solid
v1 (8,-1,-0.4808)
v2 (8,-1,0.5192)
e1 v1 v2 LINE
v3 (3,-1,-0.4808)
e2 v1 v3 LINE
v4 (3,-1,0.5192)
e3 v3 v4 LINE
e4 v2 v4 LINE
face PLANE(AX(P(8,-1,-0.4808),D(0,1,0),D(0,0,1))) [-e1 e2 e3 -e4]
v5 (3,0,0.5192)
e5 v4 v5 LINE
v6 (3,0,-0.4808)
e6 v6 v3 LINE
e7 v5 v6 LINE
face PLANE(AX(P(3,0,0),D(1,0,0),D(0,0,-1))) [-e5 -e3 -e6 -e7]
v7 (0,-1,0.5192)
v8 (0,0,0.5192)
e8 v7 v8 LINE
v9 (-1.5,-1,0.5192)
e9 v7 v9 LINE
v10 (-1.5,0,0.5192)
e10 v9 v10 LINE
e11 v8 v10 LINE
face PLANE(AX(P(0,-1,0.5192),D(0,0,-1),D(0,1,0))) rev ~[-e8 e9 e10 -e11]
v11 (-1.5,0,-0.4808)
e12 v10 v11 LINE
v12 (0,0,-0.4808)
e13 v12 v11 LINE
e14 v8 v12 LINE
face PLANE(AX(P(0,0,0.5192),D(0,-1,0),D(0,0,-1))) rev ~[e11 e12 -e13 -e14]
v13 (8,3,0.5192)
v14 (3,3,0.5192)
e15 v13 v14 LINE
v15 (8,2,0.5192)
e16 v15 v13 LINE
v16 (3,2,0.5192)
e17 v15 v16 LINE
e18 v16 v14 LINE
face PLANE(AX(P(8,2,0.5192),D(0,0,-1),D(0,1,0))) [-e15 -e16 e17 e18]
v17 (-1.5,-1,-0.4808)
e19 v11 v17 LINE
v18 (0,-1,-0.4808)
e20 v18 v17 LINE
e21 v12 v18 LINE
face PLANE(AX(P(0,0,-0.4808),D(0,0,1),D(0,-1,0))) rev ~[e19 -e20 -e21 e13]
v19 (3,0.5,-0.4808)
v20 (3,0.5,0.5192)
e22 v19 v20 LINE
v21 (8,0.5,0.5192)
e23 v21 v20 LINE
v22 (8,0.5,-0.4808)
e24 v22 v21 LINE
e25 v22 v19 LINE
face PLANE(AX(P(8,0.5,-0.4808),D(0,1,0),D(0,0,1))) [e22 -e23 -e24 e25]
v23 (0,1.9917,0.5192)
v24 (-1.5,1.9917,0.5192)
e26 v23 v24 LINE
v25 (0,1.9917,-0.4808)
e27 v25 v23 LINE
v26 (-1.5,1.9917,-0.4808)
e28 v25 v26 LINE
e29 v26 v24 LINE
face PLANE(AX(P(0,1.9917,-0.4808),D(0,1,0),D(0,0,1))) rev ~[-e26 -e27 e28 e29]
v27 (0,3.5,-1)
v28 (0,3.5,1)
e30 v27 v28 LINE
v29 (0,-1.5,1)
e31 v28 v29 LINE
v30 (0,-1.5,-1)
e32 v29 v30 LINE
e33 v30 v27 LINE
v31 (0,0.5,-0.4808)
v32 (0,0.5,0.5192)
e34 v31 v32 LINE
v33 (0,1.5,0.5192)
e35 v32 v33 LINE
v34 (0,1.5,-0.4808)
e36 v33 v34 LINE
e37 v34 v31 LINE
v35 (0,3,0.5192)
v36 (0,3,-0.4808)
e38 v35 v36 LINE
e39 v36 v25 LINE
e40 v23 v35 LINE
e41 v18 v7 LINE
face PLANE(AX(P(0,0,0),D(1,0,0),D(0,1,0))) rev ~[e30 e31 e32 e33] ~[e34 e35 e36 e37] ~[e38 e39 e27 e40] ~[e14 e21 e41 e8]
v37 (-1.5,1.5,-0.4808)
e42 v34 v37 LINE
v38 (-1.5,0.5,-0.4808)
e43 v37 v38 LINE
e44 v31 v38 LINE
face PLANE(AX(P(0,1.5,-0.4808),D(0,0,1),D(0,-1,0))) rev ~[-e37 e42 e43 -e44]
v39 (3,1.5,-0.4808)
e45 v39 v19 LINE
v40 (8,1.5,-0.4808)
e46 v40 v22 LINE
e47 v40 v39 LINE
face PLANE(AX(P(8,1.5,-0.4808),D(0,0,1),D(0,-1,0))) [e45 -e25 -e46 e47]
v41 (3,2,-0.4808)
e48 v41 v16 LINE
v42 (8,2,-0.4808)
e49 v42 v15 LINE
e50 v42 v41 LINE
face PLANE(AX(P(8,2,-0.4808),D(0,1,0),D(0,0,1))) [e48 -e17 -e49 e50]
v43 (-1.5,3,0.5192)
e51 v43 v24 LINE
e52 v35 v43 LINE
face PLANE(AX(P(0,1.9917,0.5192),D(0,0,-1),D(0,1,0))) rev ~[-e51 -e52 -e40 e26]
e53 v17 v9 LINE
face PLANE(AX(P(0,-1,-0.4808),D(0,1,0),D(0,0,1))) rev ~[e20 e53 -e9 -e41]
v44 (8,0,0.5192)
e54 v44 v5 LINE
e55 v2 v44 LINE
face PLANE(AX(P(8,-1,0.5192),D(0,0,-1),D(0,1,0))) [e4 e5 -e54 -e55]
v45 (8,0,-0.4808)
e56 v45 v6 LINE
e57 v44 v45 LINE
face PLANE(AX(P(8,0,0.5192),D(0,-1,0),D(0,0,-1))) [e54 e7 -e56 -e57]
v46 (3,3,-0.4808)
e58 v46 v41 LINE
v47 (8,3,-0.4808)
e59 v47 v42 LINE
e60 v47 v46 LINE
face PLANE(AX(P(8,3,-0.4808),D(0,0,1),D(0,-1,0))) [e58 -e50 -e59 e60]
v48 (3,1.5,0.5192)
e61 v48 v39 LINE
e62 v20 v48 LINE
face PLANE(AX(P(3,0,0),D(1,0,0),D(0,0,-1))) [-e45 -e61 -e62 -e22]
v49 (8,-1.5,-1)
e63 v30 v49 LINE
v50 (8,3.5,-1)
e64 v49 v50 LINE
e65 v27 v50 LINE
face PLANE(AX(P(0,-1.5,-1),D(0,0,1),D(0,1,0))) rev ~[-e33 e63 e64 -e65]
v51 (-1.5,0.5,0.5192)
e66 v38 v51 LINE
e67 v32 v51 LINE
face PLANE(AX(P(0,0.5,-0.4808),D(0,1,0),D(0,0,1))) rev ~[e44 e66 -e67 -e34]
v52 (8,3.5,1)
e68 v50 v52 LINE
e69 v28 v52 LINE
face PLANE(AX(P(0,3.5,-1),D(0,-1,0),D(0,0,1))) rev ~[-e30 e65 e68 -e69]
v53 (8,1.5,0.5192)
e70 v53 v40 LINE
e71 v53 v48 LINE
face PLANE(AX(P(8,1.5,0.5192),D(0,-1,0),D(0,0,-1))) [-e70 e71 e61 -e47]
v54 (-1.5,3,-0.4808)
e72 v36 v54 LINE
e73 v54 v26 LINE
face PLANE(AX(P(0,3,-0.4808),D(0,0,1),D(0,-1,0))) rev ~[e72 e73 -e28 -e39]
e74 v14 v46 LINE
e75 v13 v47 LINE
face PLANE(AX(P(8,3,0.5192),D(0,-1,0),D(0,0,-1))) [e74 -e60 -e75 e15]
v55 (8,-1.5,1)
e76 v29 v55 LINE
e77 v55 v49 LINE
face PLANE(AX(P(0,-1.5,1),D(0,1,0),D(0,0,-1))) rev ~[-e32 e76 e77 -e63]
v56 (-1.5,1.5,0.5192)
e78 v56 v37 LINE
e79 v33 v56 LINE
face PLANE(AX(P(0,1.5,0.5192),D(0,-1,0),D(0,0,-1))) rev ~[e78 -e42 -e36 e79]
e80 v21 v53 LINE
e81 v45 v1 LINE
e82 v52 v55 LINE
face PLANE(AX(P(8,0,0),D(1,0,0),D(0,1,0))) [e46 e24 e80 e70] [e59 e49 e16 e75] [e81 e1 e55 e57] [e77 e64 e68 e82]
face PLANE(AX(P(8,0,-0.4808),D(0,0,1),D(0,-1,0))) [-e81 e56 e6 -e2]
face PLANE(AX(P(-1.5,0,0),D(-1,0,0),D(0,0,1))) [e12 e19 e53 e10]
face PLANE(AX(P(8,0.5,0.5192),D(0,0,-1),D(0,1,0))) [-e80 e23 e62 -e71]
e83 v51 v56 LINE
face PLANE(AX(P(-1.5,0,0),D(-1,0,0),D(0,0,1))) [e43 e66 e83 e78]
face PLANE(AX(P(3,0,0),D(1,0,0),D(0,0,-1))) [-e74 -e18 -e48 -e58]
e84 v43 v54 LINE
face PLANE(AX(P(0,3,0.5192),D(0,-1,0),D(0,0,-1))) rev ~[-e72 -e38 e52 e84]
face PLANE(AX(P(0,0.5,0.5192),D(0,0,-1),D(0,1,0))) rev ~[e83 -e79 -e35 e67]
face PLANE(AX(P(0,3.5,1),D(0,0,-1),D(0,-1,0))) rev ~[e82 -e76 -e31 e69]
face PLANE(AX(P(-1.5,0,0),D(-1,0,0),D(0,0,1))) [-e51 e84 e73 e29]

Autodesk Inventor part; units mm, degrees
ref_plane "YZ Plane" through (0, 0, 0) normal (1, 0, 0) x (0, 1, 0)
ref_plane "XZ Plane" through (0, 0, 0) normal (0, 1, 0) x (-1, 0, 0)
ref_plane "XY Plane" through (0, 0, 0) normal (0, 0, 1) x (1, 0, 0)
sketch "Sketch1" plane through (0, 0, 0) normal (1, 0, 0) x (0, 1, 0)
  line L0 (3.5, 1) -> (-1.5, 1)
  line L1 (-1.5, 1) -> (-1.5, -1)
  line L2 (-1.5, -1) -> (3.5, -1)
  line L3 (3.5, -1) -> (3.5, 1)
  point P0 (0, 0)
  dimension "d0" = 2
  dimension "d1" = 5
  dimension "d2" = 3.5
  dimension "d3" = 1
extrude "Extrusion1" add sketch "Sketch1" along normal blind 8
sketch "Sketch2" plane through (8, 0, 0) normal (1, 0, 0) x (0, 0, -1)
  line L0 (-0.5192, 3) -> (0.4808, 3)
  line L1 (0.4808, 3) -> (0.4808, 2)
  line L2 (0.4808, 2) -> (-0.5192, 2)
  line L3 (-0.5192, 2) -> (-0.5192, 3)
  line L4 (-0.5192, 1.5) -> (0.4808, 1.5)
  line L5 (0.4808, 1.5) -> (0.4808, 0.5)
  line L6 (0.4808, 0.5) -> (-0.5192, 0.5)
  line L7 (-0.5192, 0.5) -> (-0.5192, 1.5)
  line L8 (-0.5192, 0) -> (0.4808, 0)
  line L9 (0.4808, 0) -> (0.4808, -1)
  line L10 (0.4808, -1) -> (-0.5192, -1)
  line L11 (-0.5192, -1) -> (-0.5192, 0)
  line L12 (1, 3.5) -> (-1, 3.5) projected
  point P0 (0, 0)
  dimension "d6" = 1
  dimension "d7" = 1
  dimension "d8" = 1
  dimension "d9" = 1
  dimension "d10" = 1
  dimension "d11" = 0.5
  dimension "d12" = 0.5
  dimension "d13" = 0.5
extrude "Extrusion2" cut sketch "Sketch2" against normal blind 5
sketch "Sketch3" plane through (0, 0, 0) normal (-1, 0, 0) x (0, 0, 1)
  line L0 (-0.4808, 0) -> (-0.4808, -1) projected
  line L1 (0.5192, -1) -> (0.5192, 0) projected
  line L2 (-0.4808, -1) -> (0.5192, -1)
  line L3 (0.5192, -1) -> (0.5192, 0)
  line L4 (0.5192, 0) -> (-0.4808, 0)
  line L5 (-0.4808, 0) -> (-0.4808, -1)
  line L6 (-0.4808, 1.5) -> (-0.4808, 0.5) projected
  line L7 (0.5192, 1.5) -> (-0.4808, 1.5) projected
  line L8 (-0.4808, 0.5) -> (0.5192, 0.5)
  line L9 (0.5192, 0.5) -> (0.5192, 1.5)
  line L10 (0.5192, 1.5) -> (-0.4808, 1.5)
  line L11 (-0.4808, 1.5) -> (-0.4808, 0.5)
  line L12 (0.5192, 2) -> (0.5192, 3) projected
  line L13 (-0.4808, 1.9917) -> (0.5192, 1.9917)
  line L14 (0.5192, 1.9917) -> (0.5192, 3)
  line L15 (0.5192, 3) -> (-0.4808, 3)
  line L16 (-0.4808, 3) -> (-0.4808, 1.9917)
  point P0 (0, 0)
extrude "Extrusion3" add sketch "Sketch3" along normal blind 1.5
properties part number "konektorservomotora"
